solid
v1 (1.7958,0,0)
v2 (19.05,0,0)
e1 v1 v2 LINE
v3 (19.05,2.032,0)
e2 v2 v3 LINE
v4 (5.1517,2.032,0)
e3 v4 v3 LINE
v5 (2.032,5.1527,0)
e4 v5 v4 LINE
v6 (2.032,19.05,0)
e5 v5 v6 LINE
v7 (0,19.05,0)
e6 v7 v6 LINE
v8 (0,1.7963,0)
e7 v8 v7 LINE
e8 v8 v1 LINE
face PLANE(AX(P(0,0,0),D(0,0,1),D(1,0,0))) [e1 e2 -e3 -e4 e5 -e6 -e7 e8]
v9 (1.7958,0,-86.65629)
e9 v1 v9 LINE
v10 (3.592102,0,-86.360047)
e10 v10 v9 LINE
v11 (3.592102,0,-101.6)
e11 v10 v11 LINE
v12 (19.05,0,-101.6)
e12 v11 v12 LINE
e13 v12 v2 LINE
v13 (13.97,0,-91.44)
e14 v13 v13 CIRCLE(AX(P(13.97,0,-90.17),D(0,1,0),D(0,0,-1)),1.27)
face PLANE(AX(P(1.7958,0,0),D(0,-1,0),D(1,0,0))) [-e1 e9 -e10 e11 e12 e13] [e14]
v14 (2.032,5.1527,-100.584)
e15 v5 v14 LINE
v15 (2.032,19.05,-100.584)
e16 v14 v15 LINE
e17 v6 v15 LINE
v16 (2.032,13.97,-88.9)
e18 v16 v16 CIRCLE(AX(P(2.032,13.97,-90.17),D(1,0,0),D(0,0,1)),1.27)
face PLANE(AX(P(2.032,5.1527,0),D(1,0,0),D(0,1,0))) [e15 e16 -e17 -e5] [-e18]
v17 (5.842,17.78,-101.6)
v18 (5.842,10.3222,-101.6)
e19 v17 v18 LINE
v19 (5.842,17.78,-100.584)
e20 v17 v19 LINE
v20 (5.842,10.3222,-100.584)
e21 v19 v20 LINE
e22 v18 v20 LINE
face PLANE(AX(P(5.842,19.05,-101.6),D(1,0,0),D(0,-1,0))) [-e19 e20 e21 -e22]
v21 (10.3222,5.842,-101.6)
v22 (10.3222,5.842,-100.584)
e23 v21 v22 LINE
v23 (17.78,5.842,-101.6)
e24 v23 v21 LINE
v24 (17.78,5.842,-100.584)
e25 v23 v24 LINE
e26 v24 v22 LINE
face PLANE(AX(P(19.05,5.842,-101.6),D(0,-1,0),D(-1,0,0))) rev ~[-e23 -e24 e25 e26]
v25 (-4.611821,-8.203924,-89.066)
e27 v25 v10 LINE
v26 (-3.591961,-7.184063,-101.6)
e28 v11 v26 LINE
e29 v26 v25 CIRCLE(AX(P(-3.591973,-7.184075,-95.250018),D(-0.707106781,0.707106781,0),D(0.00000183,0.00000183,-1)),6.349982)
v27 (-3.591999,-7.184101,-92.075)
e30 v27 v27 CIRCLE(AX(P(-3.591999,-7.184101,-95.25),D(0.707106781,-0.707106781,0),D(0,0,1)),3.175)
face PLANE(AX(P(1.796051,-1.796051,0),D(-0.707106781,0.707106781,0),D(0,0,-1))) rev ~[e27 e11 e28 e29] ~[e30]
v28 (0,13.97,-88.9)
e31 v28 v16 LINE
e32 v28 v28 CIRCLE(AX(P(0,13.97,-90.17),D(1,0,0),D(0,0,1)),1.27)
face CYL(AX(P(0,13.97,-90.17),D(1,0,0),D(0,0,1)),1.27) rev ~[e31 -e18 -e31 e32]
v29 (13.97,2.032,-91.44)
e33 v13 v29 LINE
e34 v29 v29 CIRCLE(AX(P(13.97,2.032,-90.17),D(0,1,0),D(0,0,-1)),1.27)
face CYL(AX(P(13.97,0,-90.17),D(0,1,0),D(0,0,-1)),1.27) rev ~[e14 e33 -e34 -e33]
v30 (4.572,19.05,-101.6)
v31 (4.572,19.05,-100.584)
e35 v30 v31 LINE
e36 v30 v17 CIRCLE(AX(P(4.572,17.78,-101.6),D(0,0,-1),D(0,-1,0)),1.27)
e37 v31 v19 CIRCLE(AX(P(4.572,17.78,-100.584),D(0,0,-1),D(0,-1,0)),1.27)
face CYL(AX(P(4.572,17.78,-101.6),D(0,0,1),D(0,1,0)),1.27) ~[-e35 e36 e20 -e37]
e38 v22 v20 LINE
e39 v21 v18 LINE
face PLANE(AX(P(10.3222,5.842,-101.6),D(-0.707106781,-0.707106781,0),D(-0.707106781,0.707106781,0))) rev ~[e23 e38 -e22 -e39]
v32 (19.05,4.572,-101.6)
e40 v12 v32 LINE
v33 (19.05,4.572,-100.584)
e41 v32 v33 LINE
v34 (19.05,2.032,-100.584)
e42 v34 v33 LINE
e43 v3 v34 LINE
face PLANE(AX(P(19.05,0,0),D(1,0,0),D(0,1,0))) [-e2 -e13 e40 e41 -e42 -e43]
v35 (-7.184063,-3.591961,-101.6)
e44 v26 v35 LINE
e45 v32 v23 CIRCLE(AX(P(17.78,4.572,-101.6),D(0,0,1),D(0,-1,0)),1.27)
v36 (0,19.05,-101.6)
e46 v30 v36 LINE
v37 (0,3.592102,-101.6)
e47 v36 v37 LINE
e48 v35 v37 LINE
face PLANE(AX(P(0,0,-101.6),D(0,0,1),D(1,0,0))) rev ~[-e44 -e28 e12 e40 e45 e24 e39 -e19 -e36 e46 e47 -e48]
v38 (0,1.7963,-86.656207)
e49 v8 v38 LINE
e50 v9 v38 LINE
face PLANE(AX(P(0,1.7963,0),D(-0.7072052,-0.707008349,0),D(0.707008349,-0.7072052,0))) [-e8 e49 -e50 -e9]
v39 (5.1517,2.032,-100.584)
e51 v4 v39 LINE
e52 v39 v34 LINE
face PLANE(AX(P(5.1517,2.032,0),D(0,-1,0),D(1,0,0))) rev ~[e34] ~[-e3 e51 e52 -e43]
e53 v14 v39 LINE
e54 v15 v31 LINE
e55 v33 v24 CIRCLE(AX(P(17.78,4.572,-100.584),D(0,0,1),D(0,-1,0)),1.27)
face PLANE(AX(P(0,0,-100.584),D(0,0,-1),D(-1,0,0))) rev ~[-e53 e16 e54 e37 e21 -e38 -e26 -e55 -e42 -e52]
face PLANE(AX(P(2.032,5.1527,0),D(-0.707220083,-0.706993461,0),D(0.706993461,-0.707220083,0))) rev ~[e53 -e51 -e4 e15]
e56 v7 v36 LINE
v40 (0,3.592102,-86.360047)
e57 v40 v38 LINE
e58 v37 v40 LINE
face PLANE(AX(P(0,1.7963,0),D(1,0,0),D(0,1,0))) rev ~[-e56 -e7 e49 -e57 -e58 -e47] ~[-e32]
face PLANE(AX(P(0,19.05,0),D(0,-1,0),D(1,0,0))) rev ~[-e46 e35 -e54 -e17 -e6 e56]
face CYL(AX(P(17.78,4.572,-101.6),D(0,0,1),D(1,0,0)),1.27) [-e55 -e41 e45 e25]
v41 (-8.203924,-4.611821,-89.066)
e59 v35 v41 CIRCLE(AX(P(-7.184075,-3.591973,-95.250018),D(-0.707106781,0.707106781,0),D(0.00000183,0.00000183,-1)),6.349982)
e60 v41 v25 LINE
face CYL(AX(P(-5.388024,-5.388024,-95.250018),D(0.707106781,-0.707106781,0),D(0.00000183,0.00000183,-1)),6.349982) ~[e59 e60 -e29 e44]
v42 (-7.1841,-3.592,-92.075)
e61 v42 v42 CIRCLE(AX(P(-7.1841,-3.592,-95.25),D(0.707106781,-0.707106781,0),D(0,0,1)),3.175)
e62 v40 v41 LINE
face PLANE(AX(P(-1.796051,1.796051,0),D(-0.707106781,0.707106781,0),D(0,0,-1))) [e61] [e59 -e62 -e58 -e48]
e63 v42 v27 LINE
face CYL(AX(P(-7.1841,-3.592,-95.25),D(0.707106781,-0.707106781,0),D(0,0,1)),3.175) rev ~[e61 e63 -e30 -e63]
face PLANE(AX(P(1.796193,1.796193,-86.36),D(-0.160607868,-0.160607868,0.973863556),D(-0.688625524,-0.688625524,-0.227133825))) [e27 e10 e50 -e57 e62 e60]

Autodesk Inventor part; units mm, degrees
ref_plane "YZ Plane" through (0, 0, 0) normal (1, 0, 0) x (0, 1, 0)
ref_plane "XZ Plane" through (0, 0, 0) normal (0, 1, 0) x (-1, 0, 0)
sketch "Sketch1" plane through (0, 0, 0) normal (0, 0, 1) x (1, 0, 0)
  line L0 (1.7958, 0) -> (19.05, 0)
  line L1 (0, 1.7963) -> (0, 19.05)
  line L2 (0, 19.05) -> (2.032, 19.05)
  line L3 (19.05, 0) -> (19.05, 2.032)
  line L4 (0, 1.7963) -> (1.7958, 0)
  line L5 (0, 1.7963) -> (3.81, 1.7963) construction
  line L6 (5.1517, 2.032) -> (19.05, 2.032)
  line L7 (2.032, 5.1527) -> (2.032, 19.05)
  line L8 (2.032, 5.1527) -> (5.1517, 2.032)
  line L9 (19.05, 2.032) -> (2.032, 19.05) construction
  point P0 (0, 0)
  dimension "d0" = 19.05
  dimension "d1" = 19.05
  dimension "d2" = 2.032
  dimension "d3" = 2.032
  dimension "d8" = 3.81
  dimension "d73" = 2.54
  dimension "d74" = 17.2542
extrude "Extrusion1" add sketch "Sketch1" against normal blind 101.6
sketch "Sketch2" plane through (0, 0, -101.6) normal (0, 0, -1) x (-1, 0, 0)
  line L0 (-19.05, 0) -> (-1.7958, 0) projected
  line L1 (-19.05, 0) -> (-19.05, 5.842)
  line L2 (-19.05, 0) -> (-13.208, 0) construction
  line L3 (-19.05, 5.842) -> (-10.3222, 5.842)
  line L4 (0, 19.05) -> (-2.032, 19.05) projected
  line L5 (0, 19.05) -> (-5.842, 19.05)
  line L6 (0, 19.05) -> (5.842, 19.05) construction
  line L7 (-5.842, 19.05) -> (-5.842, 10.3222)
  line L8 (-16.4522, -0.288) -> (10.5221, -0.288) construction
  line L9 (0.0018, -0.288) -> (0.2898, 0)
  line L10 (-1.7958, 0) -> (0, 1.7958)
  line L11 (-1.7958, 0) -> (12.0118, 0) construction
  line L12 (-19.05, 0) -> (-1.7958, 0)
  line L13 (0, 1.7958) -> (0, 19.05)
  line L14 (-16.4522, -0.288) -> (-16.1642, 0)
  line L15 (-10.3222, 5.842) -> (-5.842, 10.3222)
  point P0 (0, 0)
  dimension "d11" = 5.842
  dimension "d15" = 5.842
  dimension "d16" = 180
  dimension "d18" = 90
  dimension "d20" = 45
  dimension "d75" = 10.16
extrude "Extrusion2" add sketch "Sketch2" against normal blind 1.016
sketch "Sketch3" plane through (1.7958, 0, 0) normal (-0.7072, -0.707, 0) x (-0.707, 0.7072, 0)
  line L0 (0, 101.6) -> (2.5396, 101.6) projected
  line L1 (1.7961, 101.6) -> (1.7961, 0) construction
  point P0 (1.2696, 0)
  point P1 (1.7961, 101.6)
ref_plane "Work Plane1" through (0, 0, 0) normal (-0.7071, 0.7071, 0) x (0, 0, -1)
sketch "Sketch5" plane through (0, 0, 0) normal (-0.7071, 0.7071, 0) x (0, 0, -1)
  line L0 (101.6, -13.4704) -> (101.6, -1.2698) projected
  line L1 (0, -1.2702) -> (101.6, -1.2702) projected
  line L2 (101.6, -2.5402) -> (86.36, -2.5402)
  line L3 (101.6, -2.5402) -> (116.84, -2.5402) construction
  arc A0 (101.6, 7.6198) -> (89.066, 9.0621) centre (95.25, 7.6198) ccw
  line L4 (101.6, -2.5402) -> (101.6, 7.6198)
  line L5 (86.36, -2.5402) -> (89.066, 9.0621)
  point P0 (0, 0)
  point P1 (95.25, -2.5402)
  dimension "d37" = 1.27
  dimension "d38" = 15.24
  dimension "d39" = 180
  dimension "d40" = 6.35
  dimension "d41" = 10.16
  dimension "d42" = 6.35
  dimension "d43" = 12.7
extrude "Extrusion4" add sketch "Sketch5" along normal mid plane 5.08
sketch "Sketch6" plane through (0, 0, -101.6) normal (0, 0, -1) x (-1, 0, 0)
  point P0 (0, 0)
sketch "Sketch7" plane through (-1.7961, 1.7961, 0) normal (-0.7071, 0.7071, 0) x (-0.7071, -0.7071, 0)
  line L0 (-2.54, -86.36) -> (9.0621, -89.066) projected
  line L1 (7.6198, -101.6) -> (-2.54, -101.6) projected
  arc A0 (9.0621, -89.066) -> (7.6198, -101.6) centre (7.6198, -95.25) ccw
  point P0 (0, 0)
  dimension "d46" = 6.35
hole "Hole1" at (-7.1841, -3.592, -95.25) direction (0.7071, -0.7071, 0) diameter 6.35 end through all
fillet "Fillet1" radius 1.27 2 edges at (5.842, 19.05, -101.092) (19.05, 5.842, -101.092)
sketch "Sketch8" plane through (0, 1.7963, 0) normal (-1, 0, 0) x (0, 0, 1)
  line L0 (0, 17.2537) -> (-101.6, 17.2537) projected
  line L1 (-101.6, 1.7958) -> (-101.6, 17.2537) projected
  point P0 (0, -1.7963)
  point P1 (-90.17, 12.1737)
  dimension "d55" = 5.08
  dimension "d56" = 11.43
hole "Hole2" at (0, 13.97, -90.17) direction (1, 0, 0) diameter 2.54 end through all
sketch "Sketch9" plane through (1.7958, 0, 0) normal (0, -1, 0) x (1, 0, 0)
  line L0 (17.2542, 0) -> (17.2542, -101.6) projected
  line L1 (17.2542, -101.6) -> (1.7963, -101.6) projected
  point P0 (-1.7958, 0)
  point P1 (12.1742, -90.17)
  dimension "d64" = 5.08
  dimension "d65" = 11.43
hole "Hole3" at (13.97, 0, -90.17) direction (0, 1, 0) diameter 2.54 end through all
sketch "Sketch10" plane through (0, 0, 0) normal (0, 0, 1) x (1, 0, 0)
  line L0 (19.05, 2.032) -> (5.1517, 2.032) projected
  line L1 (2.032, 5.1527) -> (2.032, 19.05) projected
  line L2 (19.05, 2.032) -> (2.032, 19.05) construction
  point P0 (0, 0)
properties part number "Lopez_CenterLeg"
